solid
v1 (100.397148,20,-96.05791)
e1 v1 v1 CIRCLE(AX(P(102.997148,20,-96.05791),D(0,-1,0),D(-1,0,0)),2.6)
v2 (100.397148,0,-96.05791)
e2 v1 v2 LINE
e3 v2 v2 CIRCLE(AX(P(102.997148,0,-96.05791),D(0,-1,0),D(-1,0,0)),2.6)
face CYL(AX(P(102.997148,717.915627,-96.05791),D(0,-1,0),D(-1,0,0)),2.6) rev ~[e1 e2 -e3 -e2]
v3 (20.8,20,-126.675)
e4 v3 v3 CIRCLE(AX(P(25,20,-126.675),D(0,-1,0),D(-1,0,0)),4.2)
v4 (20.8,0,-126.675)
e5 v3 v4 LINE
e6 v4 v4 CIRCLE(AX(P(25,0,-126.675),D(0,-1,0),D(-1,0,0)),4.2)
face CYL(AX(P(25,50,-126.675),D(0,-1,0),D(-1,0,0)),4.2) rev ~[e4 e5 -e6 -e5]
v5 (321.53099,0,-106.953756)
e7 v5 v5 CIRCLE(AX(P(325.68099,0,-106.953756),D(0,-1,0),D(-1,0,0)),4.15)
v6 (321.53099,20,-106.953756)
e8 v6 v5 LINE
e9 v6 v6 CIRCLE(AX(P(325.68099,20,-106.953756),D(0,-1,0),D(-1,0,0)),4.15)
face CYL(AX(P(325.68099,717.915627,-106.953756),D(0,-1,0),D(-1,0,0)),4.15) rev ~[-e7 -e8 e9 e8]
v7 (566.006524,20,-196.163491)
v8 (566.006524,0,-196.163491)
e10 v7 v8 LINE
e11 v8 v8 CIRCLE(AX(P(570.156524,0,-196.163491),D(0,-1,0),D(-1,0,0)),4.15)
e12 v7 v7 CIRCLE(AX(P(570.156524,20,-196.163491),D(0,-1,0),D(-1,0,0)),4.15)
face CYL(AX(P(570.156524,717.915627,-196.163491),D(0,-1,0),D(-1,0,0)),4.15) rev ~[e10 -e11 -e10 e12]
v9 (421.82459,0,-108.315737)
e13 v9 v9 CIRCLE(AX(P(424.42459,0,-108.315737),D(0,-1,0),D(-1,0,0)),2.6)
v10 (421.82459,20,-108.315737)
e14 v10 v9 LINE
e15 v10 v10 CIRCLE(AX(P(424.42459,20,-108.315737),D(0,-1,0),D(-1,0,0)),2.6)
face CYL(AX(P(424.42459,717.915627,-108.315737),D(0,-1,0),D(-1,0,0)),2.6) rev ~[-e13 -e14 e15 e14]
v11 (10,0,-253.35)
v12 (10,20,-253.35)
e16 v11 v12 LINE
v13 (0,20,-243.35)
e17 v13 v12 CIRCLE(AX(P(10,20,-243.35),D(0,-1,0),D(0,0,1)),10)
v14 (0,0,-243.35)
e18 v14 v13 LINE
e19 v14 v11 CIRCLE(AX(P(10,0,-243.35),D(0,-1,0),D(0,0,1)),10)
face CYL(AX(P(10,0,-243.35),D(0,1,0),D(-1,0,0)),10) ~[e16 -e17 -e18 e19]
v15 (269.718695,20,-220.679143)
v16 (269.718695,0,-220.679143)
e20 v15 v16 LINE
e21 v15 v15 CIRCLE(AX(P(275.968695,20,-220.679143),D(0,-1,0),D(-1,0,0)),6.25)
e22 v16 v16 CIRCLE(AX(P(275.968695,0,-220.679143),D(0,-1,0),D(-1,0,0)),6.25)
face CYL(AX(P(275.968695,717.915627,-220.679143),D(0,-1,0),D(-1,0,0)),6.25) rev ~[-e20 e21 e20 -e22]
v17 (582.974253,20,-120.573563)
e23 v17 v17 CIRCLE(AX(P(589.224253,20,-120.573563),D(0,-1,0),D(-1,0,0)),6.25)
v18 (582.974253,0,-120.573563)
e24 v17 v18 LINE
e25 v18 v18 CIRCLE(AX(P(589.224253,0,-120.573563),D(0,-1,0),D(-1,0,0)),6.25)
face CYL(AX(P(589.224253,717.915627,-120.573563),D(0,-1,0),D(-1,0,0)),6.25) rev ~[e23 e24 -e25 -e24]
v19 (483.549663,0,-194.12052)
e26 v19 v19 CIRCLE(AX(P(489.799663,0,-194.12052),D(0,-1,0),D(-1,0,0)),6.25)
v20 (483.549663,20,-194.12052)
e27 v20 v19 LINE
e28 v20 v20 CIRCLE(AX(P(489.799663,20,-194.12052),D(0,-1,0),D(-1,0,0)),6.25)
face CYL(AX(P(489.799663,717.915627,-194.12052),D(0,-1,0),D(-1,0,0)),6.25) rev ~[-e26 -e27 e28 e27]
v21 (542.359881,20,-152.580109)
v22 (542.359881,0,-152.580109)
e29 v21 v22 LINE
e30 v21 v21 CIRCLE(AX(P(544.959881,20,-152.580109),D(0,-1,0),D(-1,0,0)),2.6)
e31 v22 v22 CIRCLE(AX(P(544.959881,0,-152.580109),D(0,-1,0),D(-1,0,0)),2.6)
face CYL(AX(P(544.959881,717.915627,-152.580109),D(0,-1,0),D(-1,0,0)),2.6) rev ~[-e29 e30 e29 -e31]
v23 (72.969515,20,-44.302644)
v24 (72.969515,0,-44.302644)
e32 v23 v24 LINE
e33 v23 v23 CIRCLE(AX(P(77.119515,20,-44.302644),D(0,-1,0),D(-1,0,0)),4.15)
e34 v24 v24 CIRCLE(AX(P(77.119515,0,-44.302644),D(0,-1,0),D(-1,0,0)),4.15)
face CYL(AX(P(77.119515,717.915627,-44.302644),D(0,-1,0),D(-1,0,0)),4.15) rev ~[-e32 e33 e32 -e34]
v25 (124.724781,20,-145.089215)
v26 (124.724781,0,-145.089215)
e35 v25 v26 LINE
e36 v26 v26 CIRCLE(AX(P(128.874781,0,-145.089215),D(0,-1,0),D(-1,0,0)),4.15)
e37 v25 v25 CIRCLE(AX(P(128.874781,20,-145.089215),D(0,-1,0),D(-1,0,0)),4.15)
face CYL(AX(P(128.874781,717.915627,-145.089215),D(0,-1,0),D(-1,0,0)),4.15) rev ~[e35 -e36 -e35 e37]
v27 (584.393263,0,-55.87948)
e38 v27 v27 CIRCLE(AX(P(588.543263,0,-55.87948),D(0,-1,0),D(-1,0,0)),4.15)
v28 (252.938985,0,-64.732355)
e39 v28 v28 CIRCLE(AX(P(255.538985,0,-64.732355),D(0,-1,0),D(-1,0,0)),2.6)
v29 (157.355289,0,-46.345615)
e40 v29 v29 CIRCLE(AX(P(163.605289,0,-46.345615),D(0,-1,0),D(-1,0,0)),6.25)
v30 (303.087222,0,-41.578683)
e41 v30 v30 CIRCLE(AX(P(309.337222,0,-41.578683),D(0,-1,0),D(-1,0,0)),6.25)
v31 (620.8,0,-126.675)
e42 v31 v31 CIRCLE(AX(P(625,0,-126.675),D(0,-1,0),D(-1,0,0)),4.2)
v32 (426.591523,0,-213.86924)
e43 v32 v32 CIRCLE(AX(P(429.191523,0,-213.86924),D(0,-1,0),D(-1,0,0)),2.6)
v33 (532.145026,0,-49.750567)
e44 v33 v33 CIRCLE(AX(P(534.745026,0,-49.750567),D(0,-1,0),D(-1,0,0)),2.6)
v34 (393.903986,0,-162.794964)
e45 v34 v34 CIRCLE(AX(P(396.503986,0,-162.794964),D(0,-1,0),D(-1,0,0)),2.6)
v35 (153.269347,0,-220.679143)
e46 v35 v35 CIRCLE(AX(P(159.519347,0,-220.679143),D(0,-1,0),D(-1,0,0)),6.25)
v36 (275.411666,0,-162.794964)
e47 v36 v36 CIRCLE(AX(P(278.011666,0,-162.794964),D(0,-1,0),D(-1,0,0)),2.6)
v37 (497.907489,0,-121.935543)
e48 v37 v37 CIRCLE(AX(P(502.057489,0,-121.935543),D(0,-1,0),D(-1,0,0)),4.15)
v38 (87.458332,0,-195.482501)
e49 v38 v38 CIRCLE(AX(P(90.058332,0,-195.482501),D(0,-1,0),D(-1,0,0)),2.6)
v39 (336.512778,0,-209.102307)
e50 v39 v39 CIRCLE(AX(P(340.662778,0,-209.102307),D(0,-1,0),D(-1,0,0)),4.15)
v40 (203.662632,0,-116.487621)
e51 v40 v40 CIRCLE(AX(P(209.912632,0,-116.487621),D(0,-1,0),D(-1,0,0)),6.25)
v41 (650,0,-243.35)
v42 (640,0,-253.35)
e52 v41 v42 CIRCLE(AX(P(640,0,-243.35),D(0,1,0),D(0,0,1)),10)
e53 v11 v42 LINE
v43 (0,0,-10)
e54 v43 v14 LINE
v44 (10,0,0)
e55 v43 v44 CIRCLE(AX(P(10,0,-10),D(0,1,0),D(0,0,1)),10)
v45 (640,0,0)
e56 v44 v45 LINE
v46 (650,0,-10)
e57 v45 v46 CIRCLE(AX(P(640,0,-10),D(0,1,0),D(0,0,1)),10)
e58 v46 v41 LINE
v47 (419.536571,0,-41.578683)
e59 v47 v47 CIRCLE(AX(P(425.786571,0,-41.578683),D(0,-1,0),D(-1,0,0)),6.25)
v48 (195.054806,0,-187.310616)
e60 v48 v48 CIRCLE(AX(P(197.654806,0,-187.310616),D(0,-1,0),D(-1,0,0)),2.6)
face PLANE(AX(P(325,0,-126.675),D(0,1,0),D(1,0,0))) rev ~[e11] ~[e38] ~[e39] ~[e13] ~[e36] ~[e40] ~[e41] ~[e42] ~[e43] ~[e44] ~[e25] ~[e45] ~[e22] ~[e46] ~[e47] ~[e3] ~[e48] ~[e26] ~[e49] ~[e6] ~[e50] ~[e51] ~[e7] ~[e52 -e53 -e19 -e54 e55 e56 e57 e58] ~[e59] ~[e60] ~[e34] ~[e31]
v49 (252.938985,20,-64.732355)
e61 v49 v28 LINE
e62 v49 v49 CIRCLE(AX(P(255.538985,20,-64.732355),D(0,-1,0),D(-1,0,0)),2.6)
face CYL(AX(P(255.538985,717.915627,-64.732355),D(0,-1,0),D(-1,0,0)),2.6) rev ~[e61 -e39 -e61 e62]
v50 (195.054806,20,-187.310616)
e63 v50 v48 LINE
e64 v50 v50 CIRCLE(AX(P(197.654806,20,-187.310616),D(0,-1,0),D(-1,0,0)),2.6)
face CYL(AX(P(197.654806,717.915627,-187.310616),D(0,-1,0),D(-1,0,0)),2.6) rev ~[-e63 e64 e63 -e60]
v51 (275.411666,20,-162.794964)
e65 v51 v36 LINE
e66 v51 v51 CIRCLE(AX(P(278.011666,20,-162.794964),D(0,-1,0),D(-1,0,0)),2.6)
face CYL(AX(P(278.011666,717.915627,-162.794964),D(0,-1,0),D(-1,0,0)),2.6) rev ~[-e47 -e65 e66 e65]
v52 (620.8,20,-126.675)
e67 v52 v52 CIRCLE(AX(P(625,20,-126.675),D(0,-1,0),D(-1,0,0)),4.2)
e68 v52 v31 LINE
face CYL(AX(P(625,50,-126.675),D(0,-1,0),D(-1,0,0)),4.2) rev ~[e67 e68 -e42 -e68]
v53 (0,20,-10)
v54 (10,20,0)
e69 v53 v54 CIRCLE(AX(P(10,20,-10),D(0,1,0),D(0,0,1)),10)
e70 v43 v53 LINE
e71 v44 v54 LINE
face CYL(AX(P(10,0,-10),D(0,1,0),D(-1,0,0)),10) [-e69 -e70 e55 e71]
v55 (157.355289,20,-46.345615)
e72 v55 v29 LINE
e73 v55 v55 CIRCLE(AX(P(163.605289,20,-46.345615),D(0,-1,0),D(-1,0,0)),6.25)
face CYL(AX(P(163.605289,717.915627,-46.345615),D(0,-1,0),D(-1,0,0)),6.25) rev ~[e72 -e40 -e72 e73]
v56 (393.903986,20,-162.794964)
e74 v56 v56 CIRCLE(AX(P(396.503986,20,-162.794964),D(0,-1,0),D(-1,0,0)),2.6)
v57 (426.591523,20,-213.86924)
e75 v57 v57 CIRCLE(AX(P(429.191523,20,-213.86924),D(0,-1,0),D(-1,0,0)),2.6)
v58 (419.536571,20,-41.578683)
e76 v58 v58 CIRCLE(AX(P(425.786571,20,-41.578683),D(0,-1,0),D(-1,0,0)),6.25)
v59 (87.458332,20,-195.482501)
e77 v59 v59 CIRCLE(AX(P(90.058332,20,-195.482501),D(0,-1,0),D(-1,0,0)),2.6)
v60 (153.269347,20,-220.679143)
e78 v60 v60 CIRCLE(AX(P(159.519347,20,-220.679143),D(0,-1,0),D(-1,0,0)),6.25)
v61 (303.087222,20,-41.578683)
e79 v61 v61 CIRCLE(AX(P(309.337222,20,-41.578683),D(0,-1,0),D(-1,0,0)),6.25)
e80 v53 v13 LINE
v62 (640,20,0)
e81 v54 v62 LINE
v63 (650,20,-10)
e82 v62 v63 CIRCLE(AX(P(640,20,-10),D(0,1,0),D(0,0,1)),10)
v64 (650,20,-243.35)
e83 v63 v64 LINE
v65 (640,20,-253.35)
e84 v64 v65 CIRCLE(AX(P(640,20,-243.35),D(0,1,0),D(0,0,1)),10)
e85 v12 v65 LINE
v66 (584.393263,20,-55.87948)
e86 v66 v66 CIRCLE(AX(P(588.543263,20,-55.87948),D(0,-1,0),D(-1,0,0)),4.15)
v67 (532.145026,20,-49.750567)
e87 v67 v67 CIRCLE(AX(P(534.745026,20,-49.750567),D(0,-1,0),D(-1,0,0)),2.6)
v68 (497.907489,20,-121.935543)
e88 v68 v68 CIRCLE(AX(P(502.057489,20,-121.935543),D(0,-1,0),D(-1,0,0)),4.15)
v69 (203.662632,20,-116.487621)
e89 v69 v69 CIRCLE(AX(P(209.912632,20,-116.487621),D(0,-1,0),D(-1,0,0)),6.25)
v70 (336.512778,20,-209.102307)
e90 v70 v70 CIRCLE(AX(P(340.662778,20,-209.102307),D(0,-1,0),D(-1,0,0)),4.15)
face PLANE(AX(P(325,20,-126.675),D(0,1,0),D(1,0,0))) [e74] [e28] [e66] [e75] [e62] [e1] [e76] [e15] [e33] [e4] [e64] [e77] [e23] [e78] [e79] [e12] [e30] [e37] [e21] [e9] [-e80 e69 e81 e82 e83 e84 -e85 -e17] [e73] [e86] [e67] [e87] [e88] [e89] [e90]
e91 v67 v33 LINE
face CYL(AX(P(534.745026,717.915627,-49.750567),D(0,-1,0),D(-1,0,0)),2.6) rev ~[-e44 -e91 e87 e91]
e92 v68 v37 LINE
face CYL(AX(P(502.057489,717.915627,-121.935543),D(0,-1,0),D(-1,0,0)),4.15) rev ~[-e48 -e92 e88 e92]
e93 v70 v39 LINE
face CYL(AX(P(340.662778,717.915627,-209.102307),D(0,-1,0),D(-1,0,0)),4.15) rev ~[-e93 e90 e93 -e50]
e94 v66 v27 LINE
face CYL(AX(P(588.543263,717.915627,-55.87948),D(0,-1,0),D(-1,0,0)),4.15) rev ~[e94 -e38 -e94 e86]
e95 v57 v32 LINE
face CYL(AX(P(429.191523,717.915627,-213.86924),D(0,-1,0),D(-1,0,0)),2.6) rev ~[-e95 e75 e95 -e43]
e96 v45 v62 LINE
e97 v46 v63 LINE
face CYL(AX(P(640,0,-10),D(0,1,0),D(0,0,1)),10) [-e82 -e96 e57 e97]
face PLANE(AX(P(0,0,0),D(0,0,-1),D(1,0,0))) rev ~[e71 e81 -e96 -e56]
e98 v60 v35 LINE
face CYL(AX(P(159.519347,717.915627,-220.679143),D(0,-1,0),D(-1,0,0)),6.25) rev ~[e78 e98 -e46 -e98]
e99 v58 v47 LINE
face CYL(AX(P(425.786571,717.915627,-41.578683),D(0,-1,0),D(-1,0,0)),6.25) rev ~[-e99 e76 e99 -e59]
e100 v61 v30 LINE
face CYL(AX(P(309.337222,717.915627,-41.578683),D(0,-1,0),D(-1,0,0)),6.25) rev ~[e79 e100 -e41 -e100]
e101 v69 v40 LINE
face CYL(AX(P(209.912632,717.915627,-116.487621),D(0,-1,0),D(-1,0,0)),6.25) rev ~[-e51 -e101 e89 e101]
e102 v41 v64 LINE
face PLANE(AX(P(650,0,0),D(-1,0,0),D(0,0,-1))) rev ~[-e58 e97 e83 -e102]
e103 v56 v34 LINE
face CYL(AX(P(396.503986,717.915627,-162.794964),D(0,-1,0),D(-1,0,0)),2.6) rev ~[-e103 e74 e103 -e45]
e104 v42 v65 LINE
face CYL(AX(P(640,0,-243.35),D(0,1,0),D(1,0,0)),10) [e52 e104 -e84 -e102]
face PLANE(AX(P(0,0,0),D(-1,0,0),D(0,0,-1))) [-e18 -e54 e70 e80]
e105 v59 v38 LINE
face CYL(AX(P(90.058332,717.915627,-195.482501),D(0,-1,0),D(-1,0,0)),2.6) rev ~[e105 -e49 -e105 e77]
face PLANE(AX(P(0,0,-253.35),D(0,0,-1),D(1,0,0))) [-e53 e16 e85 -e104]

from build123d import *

# Parameters (mm, degrees)
SKETCH1_W                    = 650
SKETCH1_H                    = 253.35
BOSS_EXTRUDE1_DEPTH          = 20
FILLET1_R                    = 10
F_5_2_5_2_DIAMETER_HOLE1_D   = 5.2
F_8_3_8_3_DIAMETER_HOLE1_D   = 8.3
F_12_5_12_5_DIAMETER_HOLE1_D = 12.5
M8_CLEARANCE_HOLE1_D         = 8.4
M8_CLEARANCE_HOLE1_DEPTH     = 30
M8_CLEARANCE_HOLE1_TIP       = 2.5236146


with BuildPart() as part:
    # Sketch1 → Boss-Extrude1 (new body)
    with BuildSketch(Plane(origin=(0, 0, 0), x_dir=(1, 0, 0), z_dir=(0, 1, 0))):
        with Locations((325, 126.675)):
            Rectangle(SKETCH1_W, SKETCH1_H)
    extrude(amount=BOSS_EXTRUDE1_DEPTH)

    # Fillet1
    fillet1_edges = [part.edges().sort_by_distance(p)[0] for p in [
        (0, 10, 0),
        (0, 10, -253.35),
        (650, 10, -253.35),
        (650, 10, 0),
    ]]
    fillet(fillet1_edges, radius=FILLET1_R)

    # Ø5.2 (5.2) Diameter Hole1 (through all)
    with Locations(Plane(origin=(0, 20, 0), x_dir=(1, 0, 0), z_dir=(0, 1, 0))):
        with Locations((90.058331561, 195.482500532), (255.538984983, 64.732354618), (396.503986047, 162.794964053), (544.959880887, 152.580108904), (534.745025737, 49.750567065), (278.011666312, 162.794964053), (102.997148083, 96.05791041), (429.191522525, 213.869239801), (424.424590122, 108.315736589), (197.654805802, 187.310616412)):
            Hole(F_5_2_5_2_DIAMETER_HOLE1_D / 2)

    # Ø8.3 (8.3) Diameter Hole1 (through all)
    with Locations(Plane(origin=(0, 20, 0), x_dir=(1, 0, 0), z_dir=(0, 1, 0))):
        with Locations((128.874781129, 145.089215127), (77.119515038, 44.302644319), (325.680990343, 106.953755902), (340.662777896, 209.102307398), (502.057489259, 121.935543455), (570.156523589, 196.163490875), (588.543262858, 55.879480155)):
            Hole(F_8_3_8_3_DIAMETER_HOLE1_D / 2)

    # Ø12.5 (12.5) Diameter Hole1 (through all)
    with Locations(Plane(origin=(0, 20, 0), x_dir=(1, 0, 0), z_dir=(0, 1, 0))):
        with Locations((209.912631982, 116.487620709), (425.786570809, 41.578682945), (489.799663079, 194.120519845), (309.337222104, 41.578682945), (163.605288637, 46.345615349), (159.519346577, 220.679143234), (275.968695282, 220.679143234), (589.224253201, 120.573562769)):
            Hole(F_12_5_12_5_DIAMETER_HOLE1_D / 2)

    # M8 Clearance Hole1
    with Locations(Plane(origin=(0, 20, 0), x_dir=(1, 0, 0), z_dir=(0, 1, 0))):
        with Locations((25, 126.675), (625, 126.675)):
            Hole(M8_CLEARANCE_HOLE1_D / 2, depth=M8_CLEARANCE_HOLE1_DEPTH)
            with Locations((0, 0, -(M8_CLEARANCE_HOLE1_DEPTH + M8_CLEARANCE_HOLE1_TIP / 2))):  # 118° drill point
                Cone(0, M8_CLEARANCE_HOLE1_D / 2, M8_CLEARANCE_HOLE1_TIP, mode=Mode.SUBTRACT)


solid = part.part
